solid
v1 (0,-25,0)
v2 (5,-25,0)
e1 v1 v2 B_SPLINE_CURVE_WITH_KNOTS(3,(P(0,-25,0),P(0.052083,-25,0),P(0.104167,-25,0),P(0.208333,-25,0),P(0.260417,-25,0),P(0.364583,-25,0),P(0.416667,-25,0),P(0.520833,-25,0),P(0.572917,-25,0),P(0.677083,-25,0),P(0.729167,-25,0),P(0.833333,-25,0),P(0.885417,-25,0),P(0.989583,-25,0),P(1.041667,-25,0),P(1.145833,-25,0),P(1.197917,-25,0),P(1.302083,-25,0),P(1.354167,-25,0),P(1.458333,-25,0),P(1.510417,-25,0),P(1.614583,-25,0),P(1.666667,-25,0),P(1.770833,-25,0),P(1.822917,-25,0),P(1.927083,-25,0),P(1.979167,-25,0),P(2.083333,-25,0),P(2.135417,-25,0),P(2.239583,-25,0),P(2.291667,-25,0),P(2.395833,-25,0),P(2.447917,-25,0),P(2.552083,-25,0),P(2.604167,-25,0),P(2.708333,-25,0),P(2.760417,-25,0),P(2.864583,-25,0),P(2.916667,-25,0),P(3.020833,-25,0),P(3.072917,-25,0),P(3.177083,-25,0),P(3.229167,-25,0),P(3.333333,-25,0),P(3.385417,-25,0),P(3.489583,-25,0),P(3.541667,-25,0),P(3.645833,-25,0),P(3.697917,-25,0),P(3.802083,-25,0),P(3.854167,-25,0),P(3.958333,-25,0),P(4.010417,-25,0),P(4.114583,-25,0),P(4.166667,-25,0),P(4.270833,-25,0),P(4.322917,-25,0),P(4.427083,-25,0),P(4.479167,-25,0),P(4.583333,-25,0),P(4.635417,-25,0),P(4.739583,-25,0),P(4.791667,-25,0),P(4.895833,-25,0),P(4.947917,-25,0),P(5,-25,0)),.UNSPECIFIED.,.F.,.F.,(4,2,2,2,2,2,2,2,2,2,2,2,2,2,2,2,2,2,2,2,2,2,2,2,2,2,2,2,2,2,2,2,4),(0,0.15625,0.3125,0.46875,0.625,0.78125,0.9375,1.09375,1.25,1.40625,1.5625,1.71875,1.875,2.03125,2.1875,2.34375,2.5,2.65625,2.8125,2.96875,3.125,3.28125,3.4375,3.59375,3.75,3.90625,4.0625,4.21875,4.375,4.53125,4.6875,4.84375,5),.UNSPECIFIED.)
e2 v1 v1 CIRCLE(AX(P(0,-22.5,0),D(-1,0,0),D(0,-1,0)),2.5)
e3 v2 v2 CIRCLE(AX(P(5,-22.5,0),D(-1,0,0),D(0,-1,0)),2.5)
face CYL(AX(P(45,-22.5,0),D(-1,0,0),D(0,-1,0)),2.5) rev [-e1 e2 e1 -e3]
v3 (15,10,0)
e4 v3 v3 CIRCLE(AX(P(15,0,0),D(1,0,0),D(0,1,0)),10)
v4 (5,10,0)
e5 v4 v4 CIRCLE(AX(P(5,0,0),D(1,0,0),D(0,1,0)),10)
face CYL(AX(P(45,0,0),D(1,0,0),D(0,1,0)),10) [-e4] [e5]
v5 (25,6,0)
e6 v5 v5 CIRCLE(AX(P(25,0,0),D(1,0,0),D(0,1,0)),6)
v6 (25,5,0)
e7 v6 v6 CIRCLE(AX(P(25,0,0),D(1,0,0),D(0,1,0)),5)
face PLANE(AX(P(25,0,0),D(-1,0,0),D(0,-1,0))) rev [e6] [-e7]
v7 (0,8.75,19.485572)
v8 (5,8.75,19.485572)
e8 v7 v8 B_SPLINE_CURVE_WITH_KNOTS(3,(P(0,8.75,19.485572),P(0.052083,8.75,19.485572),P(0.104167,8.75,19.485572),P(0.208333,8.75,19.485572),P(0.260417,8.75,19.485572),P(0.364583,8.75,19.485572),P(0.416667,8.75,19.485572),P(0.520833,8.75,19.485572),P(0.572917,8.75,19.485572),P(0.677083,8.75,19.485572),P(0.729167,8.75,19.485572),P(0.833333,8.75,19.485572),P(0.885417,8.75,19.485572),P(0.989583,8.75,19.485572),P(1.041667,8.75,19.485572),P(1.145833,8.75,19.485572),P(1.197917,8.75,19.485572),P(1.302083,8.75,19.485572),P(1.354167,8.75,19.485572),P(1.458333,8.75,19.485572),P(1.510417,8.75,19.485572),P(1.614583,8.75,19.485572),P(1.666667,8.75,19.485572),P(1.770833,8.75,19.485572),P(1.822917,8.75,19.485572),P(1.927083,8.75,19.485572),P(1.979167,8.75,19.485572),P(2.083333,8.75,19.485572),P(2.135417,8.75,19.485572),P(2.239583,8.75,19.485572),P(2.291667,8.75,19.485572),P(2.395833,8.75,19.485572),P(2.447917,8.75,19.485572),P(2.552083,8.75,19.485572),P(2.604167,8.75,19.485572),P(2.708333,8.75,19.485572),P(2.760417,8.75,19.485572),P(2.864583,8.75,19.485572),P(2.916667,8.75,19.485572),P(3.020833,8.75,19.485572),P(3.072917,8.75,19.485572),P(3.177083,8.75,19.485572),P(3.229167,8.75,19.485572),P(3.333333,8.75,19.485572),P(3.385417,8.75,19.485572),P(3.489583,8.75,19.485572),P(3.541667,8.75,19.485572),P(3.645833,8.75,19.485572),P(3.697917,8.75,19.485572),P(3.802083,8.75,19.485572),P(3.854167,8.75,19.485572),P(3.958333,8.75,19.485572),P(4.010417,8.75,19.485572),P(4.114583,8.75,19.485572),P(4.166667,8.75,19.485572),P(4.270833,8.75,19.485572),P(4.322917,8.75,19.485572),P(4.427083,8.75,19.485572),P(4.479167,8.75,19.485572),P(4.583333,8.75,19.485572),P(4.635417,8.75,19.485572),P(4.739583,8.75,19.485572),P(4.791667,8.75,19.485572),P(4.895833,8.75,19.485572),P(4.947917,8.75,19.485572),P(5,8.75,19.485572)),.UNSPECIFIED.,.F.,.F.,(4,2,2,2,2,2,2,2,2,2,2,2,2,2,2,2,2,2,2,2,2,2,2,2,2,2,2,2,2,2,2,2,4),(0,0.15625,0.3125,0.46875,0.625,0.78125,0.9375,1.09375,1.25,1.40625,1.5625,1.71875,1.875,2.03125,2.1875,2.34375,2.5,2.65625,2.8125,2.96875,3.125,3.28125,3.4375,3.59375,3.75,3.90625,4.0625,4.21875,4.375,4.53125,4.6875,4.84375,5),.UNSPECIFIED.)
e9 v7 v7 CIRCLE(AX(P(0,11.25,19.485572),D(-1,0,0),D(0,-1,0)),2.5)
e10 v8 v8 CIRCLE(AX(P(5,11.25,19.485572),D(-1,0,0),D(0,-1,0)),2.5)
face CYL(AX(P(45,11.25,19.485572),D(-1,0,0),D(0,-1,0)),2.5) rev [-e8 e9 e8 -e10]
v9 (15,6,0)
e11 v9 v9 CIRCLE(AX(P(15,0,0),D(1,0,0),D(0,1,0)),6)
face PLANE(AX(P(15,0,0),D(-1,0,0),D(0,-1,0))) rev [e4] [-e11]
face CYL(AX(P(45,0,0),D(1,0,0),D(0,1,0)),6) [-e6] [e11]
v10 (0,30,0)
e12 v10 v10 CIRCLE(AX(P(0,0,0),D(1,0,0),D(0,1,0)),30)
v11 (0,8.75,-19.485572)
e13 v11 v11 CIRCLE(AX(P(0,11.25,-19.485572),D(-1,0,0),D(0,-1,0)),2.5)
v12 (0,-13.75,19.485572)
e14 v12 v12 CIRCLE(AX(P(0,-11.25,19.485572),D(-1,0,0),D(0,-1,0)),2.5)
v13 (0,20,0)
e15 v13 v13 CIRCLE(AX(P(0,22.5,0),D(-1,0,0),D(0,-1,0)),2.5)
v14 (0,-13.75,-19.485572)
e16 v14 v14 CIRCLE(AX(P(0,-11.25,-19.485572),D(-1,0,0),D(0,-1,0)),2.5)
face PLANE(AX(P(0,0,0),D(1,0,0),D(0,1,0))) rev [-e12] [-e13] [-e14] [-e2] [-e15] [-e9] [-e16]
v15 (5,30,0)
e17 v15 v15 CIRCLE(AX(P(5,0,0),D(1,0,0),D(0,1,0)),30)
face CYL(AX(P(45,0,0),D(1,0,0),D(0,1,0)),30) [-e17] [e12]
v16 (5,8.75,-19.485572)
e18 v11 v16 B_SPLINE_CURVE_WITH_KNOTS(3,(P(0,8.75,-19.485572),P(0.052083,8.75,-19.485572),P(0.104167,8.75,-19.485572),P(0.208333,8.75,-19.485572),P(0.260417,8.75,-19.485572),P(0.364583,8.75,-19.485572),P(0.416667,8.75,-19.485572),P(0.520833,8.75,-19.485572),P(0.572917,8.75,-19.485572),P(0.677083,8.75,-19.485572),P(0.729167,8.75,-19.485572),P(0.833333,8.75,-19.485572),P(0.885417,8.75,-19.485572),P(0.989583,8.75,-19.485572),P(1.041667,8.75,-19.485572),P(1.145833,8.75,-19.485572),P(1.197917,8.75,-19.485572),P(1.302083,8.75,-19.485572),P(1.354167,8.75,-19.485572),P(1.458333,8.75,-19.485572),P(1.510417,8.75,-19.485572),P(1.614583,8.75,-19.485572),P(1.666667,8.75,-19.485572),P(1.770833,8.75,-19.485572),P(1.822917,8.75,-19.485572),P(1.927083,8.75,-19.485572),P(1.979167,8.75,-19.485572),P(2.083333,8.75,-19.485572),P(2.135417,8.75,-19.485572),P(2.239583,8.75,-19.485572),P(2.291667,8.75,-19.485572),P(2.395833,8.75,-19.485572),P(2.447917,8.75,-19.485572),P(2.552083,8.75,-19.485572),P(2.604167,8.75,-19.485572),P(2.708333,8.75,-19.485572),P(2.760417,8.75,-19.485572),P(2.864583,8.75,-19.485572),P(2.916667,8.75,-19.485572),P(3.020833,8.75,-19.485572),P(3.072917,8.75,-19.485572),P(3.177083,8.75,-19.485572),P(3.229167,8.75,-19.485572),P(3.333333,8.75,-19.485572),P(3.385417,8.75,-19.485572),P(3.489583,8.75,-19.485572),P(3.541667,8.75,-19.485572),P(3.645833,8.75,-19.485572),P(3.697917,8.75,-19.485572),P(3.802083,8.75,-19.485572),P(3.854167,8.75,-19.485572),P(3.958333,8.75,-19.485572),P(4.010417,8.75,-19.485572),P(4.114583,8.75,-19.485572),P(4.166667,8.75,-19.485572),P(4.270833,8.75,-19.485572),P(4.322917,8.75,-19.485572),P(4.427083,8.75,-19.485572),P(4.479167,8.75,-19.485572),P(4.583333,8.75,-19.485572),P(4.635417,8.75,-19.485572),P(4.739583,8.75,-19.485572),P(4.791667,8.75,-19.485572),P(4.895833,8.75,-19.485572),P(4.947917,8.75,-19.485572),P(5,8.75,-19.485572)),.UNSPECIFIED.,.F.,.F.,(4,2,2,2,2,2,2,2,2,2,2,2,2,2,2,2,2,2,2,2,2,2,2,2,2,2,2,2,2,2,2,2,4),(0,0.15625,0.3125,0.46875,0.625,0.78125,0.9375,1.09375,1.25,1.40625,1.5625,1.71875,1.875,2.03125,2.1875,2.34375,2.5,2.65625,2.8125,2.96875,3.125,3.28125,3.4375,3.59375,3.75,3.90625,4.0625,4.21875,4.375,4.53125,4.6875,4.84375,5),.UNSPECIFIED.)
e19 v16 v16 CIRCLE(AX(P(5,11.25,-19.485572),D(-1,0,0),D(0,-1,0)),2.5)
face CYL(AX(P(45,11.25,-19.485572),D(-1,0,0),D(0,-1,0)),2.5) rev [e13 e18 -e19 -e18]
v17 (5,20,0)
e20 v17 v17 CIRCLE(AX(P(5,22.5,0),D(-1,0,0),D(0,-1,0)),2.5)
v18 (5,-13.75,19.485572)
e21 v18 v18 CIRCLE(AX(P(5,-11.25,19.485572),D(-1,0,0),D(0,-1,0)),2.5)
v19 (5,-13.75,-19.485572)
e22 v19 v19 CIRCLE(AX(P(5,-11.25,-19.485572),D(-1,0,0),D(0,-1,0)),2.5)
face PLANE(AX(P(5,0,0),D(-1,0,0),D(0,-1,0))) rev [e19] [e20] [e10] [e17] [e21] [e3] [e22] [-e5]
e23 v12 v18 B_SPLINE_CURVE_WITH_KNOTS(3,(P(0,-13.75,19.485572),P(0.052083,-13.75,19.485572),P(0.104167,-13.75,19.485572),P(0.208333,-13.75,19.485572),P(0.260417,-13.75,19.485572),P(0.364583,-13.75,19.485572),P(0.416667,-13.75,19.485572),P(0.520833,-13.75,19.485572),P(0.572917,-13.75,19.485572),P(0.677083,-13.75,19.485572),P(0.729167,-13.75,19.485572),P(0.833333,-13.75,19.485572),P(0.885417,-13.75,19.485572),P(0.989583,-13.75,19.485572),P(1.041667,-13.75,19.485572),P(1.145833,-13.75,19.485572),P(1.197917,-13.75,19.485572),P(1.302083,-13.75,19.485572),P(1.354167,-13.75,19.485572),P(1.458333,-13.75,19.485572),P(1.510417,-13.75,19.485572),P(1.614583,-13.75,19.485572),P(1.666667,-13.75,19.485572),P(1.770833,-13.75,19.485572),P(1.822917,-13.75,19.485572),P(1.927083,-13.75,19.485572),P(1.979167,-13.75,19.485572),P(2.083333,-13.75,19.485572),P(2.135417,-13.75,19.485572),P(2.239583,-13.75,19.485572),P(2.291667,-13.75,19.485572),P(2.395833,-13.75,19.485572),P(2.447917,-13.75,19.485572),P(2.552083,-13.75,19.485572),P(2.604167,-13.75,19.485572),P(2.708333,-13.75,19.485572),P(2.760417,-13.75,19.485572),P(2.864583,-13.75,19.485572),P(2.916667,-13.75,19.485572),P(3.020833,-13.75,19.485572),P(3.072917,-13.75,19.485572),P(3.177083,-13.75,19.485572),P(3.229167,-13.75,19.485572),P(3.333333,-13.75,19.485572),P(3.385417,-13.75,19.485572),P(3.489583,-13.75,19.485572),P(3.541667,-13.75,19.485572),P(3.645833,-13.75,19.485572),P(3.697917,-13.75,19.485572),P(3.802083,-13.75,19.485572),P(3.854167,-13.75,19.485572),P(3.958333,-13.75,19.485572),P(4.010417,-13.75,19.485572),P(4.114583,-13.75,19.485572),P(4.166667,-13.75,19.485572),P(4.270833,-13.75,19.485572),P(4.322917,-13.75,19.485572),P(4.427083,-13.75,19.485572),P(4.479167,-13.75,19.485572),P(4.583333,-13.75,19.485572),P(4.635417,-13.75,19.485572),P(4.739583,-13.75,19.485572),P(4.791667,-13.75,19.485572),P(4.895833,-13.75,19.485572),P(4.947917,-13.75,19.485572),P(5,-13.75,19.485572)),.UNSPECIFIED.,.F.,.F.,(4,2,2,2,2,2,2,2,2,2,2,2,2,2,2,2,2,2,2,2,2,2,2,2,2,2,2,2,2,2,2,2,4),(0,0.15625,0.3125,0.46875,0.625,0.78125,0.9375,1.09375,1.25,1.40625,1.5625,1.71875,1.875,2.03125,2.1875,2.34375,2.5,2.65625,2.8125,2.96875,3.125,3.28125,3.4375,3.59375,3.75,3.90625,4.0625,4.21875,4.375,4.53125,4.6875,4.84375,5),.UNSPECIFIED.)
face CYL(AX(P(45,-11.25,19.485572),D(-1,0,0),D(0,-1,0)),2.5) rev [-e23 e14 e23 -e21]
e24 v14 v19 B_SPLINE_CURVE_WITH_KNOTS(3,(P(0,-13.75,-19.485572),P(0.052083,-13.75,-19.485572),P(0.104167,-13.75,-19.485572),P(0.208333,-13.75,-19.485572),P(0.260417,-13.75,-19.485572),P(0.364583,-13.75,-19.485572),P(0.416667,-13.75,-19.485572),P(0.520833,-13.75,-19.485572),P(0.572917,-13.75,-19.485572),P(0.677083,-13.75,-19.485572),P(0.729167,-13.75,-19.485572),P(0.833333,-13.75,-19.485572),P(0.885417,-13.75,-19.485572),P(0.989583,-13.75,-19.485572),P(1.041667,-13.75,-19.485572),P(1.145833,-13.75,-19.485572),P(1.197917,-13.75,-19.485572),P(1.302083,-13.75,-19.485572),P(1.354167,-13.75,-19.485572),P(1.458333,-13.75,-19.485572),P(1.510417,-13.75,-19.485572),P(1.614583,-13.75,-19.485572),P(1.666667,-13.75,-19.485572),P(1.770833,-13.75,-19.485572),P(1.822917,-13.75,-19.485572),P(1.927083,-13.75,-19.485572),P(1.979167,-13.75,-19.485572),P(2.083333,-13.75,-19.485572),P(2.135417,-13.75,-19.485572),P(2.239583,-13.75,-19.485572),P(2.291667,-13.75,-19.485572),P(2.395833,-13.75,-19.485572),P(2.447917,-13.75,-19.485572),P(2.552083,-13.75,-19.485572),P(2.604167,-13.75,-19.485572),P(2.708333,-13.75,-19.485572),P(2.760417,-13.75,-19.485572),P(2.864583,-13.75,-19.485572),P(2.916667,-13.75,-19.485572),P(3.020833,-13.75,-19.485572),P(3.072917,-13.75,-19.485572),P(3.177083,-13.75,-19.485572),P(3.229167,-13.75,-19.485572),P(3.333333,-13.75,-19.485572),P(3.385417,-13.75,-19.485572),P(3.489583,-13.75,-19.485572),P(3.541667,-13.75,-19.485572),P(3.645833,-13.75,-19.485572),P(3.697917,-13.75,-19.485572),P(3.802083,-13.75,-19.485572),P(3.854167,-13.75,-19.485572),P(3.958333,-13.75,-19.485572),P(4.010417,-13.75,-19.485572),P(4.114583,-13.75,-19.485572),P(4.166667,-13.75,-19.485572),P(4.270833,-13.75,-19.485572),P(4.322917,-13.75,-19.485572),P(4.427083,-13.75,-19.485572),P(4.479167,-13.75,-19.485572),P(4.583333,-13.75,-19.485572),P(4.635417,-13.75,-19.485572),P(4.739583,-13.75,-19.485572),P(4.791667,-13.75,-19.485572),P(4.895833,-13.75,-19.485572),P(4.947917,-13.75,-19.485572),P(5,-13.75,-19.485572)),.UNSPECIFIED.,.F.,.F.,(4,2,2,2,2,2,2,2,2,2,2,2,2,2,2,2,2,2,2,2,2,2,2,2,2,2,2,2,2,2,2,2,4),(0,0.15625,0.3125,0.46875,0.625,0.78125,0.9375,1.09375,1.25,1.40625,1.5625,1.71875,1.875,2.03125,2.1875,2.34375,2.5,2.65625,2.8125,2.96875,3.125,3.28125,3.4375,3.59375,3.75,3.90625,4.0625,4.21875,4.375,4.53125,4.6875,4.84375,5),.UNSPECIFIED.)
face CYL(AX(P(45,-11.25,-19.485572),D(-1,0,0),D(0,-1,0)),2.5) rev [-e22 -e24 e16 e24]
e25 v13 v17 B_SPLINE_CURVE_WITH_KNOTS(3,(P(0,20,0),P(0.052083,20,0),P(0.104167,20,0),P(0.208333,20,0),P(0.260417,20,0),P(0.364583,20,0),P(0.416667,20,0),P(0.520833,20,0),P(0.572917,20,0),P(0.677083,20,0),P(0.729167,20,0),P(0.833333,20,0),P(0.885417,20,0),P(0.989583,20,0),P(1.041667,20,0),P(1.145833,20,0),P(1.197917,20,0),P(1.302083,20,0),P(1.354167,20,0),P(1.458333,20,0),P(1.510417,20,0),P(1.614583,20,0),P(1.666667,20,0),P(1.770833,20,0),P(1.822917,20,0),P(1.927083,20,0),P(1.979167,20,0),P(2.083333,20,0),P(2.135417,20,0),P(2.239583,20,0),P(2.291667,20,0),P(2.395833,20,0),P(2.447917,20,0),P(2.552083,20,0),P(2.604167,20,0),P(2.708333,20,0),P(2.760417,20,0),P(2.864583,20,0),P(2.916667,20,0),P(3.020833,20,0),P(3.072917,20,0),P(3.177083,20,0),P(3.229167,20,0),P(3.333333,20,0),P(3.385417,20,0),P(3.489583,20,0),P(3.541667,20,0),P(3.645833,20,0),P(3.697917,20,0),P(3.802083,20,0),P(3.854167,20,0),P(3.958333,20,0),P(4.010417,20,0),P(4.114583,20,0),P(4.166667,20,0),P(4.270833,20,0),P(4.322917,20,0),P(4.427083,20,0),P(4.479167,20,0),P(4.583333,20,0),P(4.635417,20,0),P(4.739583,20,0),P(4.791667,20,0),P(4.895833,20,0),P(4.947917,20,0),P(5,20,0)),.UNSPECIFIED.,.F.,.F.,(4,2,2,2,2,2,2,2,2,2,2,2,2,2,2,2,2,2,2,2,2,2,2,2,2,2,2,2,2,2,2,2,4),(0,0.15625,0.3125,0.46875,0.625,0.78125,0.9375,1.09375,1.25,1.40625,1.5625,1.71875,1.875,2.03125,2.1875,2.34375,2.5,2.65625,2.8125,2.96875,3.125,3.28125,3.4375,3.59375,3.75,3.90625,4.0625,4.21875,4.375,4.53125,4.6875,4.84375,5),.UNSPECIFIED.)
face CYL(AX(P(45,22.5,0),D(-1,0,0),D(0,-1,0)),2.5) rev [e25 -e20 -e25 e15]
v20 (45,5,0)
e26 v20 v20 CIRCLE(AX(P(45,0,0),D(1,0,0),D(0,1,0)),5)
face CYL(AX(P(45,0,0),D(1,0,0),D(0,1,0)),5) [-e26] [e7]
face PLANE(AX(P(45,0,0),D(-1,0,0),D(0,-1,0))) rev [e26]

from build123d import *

# Parameters (mm, degrees)
SKETCH_2_R          = 2.5
CUT_EXTRUDE_1_DEPTH = 62.846584384


with BuildPart() as part:
    # 草图1 → 旋转2 (revolve)
    with BuildSketch(Plane.XY):
        Polygon((0, 30), (0, 0), (45, 0), (45, 5), (25, 5), (25, 6), (15, 6), (15, 10), (5, 10), (5, 30), align=None)
    revolve(axis=Axis((45, 0, 0), (-1, 0, 0)))

    # 草图2 → 切除-拉伸1 (cut, through all)
    with BuildSketch(Plane.ZY):
        with Locations(Location((0, 22.5, 0), (0, 0, 270))):
            Circle(SKETCH_2_R)
        with Locations(Location((19.485571585, 11.25, 0), (0, 0, 270))):
            Circle(SKETCH_2_R)
        with Locations(Location((19.485571585, -11.25, 0), (0, 0, 270))):
            Circle(SKETCH_2_R)
        with Locations(Location((0, -22.5, 0), (0, 0, 270))):
            Circle(SKETCH_2_R)
        with Locations(Location((-19.485571585, -11.25, 0), (0, 0, 270))):
            Circle(SKETCH_2_R)
        with Locations(Location((-19.485571585, 11.25, 0), (0, 0, 270))):
            Circle(SKETCH_2_R)
    extrude(amount=-CUT_EXTRUDE_1_DEPTH, mode=Mode.SUBTRACT)


solid = part.part
